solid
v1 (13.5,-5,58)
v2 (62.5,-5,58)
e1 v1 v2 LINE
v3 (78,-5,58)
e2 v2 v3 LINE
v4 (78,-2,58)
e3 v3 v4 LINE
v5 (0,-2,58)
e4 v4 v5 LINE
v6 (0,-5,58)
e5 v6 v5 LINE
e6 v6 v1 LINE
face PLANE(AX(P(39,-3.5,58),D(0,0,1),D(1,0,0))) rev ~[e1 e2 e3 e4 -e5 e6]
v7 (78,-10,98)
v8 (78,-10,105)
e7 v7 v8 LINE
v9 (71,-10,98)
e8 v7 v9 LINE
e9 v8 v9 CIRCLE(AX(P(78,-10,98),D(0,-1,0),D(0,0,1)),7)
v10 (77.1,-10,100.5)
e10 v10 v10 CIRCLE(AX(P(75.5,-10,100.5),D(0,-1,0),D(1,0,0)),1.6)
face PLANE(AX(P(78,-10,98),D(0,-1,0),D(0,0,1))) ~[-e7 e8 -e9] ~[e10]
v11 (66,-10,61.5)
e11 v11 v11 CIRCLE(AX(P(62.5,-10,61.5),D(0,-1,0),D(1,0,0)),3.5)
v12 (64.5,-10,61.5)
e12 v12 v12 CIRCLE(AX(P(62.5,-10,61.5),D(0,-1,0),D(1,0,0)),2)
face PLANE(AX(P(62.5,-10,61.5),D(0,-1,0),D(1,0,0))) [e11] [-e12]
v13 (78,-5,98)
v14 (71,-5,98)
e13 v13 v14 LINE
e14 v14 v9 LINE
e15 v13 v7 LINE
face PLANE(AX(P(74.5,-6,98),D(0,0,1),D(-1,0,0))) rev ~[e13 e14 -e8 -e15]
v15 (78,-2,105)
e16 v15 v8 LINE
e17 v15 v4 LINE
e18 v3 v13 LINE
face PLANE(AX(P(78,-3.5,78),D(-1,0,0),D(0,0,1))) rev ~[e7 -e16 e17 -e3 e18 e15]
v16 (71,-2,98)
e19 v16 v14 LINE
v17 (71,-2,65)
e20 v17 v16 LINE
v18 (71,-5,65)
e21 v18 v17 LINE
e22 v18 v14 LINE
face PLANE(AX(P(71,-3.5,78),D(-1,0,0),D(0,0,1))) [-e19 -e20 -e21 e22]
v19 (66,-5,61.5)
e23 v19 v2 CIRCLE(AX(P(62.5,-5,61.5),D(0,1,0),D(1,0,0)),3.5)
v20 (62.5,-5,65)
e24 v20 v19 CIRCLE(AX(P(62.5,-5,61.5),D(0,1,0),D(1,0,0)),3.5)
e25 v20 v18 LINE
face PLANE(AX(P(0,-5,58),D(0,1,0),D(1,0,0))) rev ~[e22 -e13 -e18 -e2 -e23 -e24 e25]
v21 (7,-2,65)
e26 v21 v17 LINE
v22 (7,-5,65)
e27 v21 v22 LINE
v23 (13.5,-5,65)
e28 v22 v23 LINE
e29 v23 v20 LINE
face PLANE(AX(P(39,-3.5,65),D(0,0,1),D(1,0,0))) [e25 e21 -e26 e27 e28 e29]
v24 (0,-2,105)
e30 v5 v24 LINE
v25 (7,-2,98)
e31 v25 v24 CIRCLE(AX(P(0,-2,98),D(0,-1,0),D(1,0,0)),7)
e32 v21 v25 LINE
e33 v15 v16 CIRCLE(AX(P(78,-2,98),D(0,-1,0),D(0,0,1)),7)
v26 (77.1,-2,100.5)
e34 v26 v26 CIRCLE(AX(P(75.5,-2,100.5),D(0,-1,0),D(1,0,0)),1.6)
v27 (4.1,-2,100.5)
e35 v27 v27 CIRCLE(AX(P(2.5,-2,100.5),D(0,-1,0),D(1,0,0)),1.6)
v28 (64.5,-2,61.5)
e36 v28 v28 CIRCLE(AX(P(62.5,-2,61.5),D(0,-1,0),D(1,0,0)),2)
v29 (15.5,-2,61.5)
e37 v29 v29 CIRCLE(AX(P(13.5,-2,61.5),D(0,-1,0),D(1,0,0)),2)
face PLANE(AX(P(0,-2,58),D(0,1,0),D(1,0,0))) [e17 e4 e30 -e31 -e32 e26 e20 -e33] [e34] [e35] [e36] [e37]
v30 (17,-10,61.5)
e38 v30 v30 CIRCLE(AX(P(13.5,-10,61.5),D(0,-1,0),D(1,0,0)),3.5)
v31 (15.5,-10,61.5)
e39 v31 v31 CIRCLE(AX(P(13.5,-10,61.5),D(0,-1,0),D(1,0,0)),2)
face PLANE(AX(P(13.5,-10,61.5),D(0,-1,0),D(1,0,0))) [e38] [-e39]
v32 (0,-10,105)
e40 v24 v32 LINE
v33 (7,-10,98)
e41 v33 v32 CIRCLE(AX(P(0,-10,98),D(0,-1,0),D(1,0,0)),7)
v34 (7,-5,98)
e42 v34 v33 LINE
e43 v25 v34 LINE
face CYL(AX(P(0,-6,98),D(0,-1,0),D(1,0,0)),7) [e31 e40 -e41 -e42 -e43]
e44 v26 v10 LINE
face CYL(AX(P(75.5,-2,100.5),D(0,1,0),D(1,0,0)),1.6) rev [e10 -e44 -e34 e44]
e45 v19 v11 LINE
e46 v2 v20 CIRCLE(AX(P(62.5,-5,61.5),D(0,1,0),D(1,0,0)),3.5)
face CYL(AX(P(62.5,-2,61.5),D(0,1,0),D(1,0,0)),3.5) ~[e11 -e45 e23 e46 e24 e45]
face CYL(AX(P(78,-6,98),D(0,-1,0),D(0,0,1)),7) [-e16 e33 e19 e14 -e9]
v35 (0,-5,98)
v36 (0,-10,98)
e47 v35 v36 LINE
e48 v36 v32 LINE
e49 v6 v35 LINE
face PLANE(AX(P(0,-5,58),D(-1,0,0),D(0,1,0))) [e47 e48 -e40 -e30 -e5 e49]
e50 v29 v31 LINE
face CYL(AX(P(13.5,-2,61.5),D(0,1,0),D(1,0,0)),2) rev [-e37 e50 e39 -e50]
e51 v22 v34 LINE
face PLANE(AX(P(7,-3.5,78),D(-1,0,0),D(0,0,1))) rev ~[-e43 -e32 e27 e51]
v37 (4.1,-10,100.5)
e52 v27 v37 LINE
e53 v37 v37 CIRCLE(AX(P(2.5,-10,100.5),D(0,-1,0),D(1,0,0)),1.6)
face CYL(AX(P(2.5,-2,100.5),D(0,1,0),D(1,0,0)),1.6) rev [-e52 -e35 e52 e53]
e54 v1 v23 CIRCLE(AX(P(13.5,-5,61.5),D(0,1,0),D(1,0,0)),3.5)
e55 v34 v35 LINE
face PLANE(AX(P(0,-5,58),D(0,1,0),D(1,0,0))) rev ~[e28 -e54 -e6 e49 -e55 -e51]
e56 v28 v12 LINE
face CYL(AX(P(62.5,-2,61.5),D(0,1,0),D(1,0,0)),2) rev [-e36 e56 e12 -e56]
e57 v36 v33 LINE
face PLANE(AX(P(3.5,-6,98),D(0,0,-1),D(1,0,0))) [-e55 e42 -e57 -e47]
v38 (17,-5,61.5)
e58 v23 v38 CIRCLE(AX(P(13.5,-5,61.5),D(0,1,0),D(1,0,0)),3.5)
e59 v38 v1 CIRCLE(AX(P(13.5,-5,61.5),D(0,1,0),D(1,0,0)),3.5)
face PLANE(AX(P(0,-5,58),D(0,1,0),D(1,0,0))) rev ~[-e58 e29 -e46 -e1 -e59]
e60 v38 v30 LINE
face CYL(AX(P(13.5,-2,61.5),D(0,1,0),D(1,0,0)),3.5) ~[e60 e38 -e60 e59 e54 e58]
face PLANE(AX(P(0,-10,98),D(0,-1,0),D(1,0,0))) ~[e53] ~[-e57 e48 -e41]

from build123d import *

# Parameters (mm, degrees)
CYLINDER032_R     = 2
CYLINDER032_DEPTH = 8
CYLINDER035_R     = 2
CYLINDER035_DEPTH = 8
CYLINDER038_R     = 1.6
CYLINDER038_DEPTH = 8
CYLINDER039_R     = 1.6
CYLINDER039_DEPTH = 8
CYLINDER037_W     = 7
CYLINDER037_H     = 8
CYLINDER037_ANGLE = 90
BOX025_W          = 78
BOX025_H          = 3
BOX025_DEPTH      = 7
BOX026_W          = 40
BOX026_H          = 3
BOX026_DEPTH      = 7
CYLINDER034_R     = 3.5
CYLINDER034_DEPTH = 8
CYLINDER031_R     = 3.5
CYLINDER031_DEPTH = 8
BOX027_W          = 40
BOX027_H          = 3
BOX027_DEPTH      = 7
CYLINDER036_W     = 7
CYLINDER036_H     = 8
CYLINDER036_ANGLE = 90


with BuildPart() as cuts:
    # Cylinder032 → Cylinder032 (new body)
    with BuildSketch(Plane(origin=(13.5, -2, 61.5), x_dir=(1, 0, 0), z_dir=(0, -1, 0))):
        Circle(CYLINDER032_R)
    extrude(amount=CYLINDER032_DEPTH)


with BuildPart() as cuts001:
    # Cylinder035 → Cylinder035 (new body)
    with BuildSketch(Plane(origin=(62.5, -2, 61.5), x_dir=(1, 0, 0), z_dir=(0, -1, 0))):
        Circle(CYLINDER035_R)
    extrude(amount=CYLINDER035_DEPTH)


with BuildPart() as m3screw:
    # Cylinder038 → Cylinder038 (new body)
    with BuildSketch(Plane(origin=(75.5, -2, 100.5), x_dir=(1, 0, 0), z_dir=(0, -1, 0))):
        Circle(CYLINDER038_R)
    extrude(amount=CYLINDER038_DEPTH)


with BuildPart() as c4oldcuts:
    # Cylinder039 → Cylinder039 (new body)
    with BuildSketch(Plane(origin=(2.5, -2, 100.5), x_dir=(1, 0, 0), z_dir=(0, -1, 0))):
        Circle(CYLINDER039_R)
    extrude(amount=CYLINDER039_DEPTH)

    # Fusion016: union cuts, cuts001, m3Screw
    add(cuts.part)
    add(cuts001.part)
    add(m3screw.part)


with BuildPart() as cylinder037:
    # Cylinder037 → Cylinder037 (revolve)
    with BuildSketch(Plane(origin=(0, -2, 98), x_dir=(1, 0, 0), z_dir=(0, 0, -1))):
        with Locations((3.5, 4)):
            Rectangle(CYLINDER037_W, CYLINDER037_H)
    revolve(axis=Axis((0, -2, 98), (0, -1, 0)), revolution_arc=CYLINDER037_ANGLE)


with BuildPart() as cube020:
    # Box025 → Box025 (new body)
    with BuildSketch(Plane(origin=(0, -5, 58), x_dir=(1, 0, 0), z_dir=(0, 0, 1))):
        with Locations((39, 1.5)):
            Rectangle(BOX025_W, BOX025_H)
    extrude(amount=BOX025_DEPTH)


with BuildPart() as cube021:
    # Box026 → Box026 (new body)
    with BuildSketch(Plane(origin=(7, -5, 58), x_dir=(0, 0, 1), z_dir=(-1, 0, 0))):
        with Locations((20, 1.5)):
            Rectangle(BOX026_W, BOX026_H)
    extrude(amount=BOX026_DEPTH)


with BuildPart() as cylinder034:
    # Cylinder034 → Cylinder034 (new body)
    with BuildSketch(Plane(origin=(62.5, -2, 61.5), x_dir=(1, 0, 0), z_dir=(0, -1, 0))):
        Circle(CYLINDER034_R)
    extrude(amount=CYLINDER034_DEPTH)


with BuildPart() as cylinder031:
    # Cylinder031 → Cylinder031 (new body)
    with BuildSketch(Plane(origin=(13.5, -2, 61.5), x_dir=(1, 0, 0), z_dir=(0, -1, 0))):
        Circle(CYLINDER031_R)
    extrude(amount=CYLINDER031_DEPTH)


with BuildPart() as fusion014:
    # Box027 → Box027 (new body)
    with BuildSketch(Plane(origin=(78, -5, 58), x_dir=(0, 0, 1), z_dir=(-1, 0, 0))):
        with Locations((20, 1.5)):
            Rectangle(BOX027_W, BOX027_H)
    extrude(amount=BOX027_DEPTH)

    # Fusion014: union Cube020, Cube021, Cylinder034, Cylinder031
    add(cube020.part)
    add(cube021.part)
    add(cylinder034.part)
    add(cylinder031.part)


with BuildPart() as c4hold001:
    # Cylinder036 → Cylinder036 (revolve)
    with BuildSketch(Plane(origin=(78, -2, 98), x_dir=(0, 0, 1), z_dir=(1, 0, 0))):
        with Locations((3.5, 4)):
            Rectangle(CYLINDER036_W, CYLINDER036_H)
    revolve(axis=Axis((78, -2, 98), (0, -1, 0)), revolution_arc=CYLINDER036_ANGLE)

    # Fusion015: union Cylinder037, Fusion014
    add(cylinder037.part)
    add(fusion014.part)

    # Cut024: cut c4oldCuts
    add(c4oldcuts.part, mode=Mode.SUBTRACT)


solid = c4hold001.part
